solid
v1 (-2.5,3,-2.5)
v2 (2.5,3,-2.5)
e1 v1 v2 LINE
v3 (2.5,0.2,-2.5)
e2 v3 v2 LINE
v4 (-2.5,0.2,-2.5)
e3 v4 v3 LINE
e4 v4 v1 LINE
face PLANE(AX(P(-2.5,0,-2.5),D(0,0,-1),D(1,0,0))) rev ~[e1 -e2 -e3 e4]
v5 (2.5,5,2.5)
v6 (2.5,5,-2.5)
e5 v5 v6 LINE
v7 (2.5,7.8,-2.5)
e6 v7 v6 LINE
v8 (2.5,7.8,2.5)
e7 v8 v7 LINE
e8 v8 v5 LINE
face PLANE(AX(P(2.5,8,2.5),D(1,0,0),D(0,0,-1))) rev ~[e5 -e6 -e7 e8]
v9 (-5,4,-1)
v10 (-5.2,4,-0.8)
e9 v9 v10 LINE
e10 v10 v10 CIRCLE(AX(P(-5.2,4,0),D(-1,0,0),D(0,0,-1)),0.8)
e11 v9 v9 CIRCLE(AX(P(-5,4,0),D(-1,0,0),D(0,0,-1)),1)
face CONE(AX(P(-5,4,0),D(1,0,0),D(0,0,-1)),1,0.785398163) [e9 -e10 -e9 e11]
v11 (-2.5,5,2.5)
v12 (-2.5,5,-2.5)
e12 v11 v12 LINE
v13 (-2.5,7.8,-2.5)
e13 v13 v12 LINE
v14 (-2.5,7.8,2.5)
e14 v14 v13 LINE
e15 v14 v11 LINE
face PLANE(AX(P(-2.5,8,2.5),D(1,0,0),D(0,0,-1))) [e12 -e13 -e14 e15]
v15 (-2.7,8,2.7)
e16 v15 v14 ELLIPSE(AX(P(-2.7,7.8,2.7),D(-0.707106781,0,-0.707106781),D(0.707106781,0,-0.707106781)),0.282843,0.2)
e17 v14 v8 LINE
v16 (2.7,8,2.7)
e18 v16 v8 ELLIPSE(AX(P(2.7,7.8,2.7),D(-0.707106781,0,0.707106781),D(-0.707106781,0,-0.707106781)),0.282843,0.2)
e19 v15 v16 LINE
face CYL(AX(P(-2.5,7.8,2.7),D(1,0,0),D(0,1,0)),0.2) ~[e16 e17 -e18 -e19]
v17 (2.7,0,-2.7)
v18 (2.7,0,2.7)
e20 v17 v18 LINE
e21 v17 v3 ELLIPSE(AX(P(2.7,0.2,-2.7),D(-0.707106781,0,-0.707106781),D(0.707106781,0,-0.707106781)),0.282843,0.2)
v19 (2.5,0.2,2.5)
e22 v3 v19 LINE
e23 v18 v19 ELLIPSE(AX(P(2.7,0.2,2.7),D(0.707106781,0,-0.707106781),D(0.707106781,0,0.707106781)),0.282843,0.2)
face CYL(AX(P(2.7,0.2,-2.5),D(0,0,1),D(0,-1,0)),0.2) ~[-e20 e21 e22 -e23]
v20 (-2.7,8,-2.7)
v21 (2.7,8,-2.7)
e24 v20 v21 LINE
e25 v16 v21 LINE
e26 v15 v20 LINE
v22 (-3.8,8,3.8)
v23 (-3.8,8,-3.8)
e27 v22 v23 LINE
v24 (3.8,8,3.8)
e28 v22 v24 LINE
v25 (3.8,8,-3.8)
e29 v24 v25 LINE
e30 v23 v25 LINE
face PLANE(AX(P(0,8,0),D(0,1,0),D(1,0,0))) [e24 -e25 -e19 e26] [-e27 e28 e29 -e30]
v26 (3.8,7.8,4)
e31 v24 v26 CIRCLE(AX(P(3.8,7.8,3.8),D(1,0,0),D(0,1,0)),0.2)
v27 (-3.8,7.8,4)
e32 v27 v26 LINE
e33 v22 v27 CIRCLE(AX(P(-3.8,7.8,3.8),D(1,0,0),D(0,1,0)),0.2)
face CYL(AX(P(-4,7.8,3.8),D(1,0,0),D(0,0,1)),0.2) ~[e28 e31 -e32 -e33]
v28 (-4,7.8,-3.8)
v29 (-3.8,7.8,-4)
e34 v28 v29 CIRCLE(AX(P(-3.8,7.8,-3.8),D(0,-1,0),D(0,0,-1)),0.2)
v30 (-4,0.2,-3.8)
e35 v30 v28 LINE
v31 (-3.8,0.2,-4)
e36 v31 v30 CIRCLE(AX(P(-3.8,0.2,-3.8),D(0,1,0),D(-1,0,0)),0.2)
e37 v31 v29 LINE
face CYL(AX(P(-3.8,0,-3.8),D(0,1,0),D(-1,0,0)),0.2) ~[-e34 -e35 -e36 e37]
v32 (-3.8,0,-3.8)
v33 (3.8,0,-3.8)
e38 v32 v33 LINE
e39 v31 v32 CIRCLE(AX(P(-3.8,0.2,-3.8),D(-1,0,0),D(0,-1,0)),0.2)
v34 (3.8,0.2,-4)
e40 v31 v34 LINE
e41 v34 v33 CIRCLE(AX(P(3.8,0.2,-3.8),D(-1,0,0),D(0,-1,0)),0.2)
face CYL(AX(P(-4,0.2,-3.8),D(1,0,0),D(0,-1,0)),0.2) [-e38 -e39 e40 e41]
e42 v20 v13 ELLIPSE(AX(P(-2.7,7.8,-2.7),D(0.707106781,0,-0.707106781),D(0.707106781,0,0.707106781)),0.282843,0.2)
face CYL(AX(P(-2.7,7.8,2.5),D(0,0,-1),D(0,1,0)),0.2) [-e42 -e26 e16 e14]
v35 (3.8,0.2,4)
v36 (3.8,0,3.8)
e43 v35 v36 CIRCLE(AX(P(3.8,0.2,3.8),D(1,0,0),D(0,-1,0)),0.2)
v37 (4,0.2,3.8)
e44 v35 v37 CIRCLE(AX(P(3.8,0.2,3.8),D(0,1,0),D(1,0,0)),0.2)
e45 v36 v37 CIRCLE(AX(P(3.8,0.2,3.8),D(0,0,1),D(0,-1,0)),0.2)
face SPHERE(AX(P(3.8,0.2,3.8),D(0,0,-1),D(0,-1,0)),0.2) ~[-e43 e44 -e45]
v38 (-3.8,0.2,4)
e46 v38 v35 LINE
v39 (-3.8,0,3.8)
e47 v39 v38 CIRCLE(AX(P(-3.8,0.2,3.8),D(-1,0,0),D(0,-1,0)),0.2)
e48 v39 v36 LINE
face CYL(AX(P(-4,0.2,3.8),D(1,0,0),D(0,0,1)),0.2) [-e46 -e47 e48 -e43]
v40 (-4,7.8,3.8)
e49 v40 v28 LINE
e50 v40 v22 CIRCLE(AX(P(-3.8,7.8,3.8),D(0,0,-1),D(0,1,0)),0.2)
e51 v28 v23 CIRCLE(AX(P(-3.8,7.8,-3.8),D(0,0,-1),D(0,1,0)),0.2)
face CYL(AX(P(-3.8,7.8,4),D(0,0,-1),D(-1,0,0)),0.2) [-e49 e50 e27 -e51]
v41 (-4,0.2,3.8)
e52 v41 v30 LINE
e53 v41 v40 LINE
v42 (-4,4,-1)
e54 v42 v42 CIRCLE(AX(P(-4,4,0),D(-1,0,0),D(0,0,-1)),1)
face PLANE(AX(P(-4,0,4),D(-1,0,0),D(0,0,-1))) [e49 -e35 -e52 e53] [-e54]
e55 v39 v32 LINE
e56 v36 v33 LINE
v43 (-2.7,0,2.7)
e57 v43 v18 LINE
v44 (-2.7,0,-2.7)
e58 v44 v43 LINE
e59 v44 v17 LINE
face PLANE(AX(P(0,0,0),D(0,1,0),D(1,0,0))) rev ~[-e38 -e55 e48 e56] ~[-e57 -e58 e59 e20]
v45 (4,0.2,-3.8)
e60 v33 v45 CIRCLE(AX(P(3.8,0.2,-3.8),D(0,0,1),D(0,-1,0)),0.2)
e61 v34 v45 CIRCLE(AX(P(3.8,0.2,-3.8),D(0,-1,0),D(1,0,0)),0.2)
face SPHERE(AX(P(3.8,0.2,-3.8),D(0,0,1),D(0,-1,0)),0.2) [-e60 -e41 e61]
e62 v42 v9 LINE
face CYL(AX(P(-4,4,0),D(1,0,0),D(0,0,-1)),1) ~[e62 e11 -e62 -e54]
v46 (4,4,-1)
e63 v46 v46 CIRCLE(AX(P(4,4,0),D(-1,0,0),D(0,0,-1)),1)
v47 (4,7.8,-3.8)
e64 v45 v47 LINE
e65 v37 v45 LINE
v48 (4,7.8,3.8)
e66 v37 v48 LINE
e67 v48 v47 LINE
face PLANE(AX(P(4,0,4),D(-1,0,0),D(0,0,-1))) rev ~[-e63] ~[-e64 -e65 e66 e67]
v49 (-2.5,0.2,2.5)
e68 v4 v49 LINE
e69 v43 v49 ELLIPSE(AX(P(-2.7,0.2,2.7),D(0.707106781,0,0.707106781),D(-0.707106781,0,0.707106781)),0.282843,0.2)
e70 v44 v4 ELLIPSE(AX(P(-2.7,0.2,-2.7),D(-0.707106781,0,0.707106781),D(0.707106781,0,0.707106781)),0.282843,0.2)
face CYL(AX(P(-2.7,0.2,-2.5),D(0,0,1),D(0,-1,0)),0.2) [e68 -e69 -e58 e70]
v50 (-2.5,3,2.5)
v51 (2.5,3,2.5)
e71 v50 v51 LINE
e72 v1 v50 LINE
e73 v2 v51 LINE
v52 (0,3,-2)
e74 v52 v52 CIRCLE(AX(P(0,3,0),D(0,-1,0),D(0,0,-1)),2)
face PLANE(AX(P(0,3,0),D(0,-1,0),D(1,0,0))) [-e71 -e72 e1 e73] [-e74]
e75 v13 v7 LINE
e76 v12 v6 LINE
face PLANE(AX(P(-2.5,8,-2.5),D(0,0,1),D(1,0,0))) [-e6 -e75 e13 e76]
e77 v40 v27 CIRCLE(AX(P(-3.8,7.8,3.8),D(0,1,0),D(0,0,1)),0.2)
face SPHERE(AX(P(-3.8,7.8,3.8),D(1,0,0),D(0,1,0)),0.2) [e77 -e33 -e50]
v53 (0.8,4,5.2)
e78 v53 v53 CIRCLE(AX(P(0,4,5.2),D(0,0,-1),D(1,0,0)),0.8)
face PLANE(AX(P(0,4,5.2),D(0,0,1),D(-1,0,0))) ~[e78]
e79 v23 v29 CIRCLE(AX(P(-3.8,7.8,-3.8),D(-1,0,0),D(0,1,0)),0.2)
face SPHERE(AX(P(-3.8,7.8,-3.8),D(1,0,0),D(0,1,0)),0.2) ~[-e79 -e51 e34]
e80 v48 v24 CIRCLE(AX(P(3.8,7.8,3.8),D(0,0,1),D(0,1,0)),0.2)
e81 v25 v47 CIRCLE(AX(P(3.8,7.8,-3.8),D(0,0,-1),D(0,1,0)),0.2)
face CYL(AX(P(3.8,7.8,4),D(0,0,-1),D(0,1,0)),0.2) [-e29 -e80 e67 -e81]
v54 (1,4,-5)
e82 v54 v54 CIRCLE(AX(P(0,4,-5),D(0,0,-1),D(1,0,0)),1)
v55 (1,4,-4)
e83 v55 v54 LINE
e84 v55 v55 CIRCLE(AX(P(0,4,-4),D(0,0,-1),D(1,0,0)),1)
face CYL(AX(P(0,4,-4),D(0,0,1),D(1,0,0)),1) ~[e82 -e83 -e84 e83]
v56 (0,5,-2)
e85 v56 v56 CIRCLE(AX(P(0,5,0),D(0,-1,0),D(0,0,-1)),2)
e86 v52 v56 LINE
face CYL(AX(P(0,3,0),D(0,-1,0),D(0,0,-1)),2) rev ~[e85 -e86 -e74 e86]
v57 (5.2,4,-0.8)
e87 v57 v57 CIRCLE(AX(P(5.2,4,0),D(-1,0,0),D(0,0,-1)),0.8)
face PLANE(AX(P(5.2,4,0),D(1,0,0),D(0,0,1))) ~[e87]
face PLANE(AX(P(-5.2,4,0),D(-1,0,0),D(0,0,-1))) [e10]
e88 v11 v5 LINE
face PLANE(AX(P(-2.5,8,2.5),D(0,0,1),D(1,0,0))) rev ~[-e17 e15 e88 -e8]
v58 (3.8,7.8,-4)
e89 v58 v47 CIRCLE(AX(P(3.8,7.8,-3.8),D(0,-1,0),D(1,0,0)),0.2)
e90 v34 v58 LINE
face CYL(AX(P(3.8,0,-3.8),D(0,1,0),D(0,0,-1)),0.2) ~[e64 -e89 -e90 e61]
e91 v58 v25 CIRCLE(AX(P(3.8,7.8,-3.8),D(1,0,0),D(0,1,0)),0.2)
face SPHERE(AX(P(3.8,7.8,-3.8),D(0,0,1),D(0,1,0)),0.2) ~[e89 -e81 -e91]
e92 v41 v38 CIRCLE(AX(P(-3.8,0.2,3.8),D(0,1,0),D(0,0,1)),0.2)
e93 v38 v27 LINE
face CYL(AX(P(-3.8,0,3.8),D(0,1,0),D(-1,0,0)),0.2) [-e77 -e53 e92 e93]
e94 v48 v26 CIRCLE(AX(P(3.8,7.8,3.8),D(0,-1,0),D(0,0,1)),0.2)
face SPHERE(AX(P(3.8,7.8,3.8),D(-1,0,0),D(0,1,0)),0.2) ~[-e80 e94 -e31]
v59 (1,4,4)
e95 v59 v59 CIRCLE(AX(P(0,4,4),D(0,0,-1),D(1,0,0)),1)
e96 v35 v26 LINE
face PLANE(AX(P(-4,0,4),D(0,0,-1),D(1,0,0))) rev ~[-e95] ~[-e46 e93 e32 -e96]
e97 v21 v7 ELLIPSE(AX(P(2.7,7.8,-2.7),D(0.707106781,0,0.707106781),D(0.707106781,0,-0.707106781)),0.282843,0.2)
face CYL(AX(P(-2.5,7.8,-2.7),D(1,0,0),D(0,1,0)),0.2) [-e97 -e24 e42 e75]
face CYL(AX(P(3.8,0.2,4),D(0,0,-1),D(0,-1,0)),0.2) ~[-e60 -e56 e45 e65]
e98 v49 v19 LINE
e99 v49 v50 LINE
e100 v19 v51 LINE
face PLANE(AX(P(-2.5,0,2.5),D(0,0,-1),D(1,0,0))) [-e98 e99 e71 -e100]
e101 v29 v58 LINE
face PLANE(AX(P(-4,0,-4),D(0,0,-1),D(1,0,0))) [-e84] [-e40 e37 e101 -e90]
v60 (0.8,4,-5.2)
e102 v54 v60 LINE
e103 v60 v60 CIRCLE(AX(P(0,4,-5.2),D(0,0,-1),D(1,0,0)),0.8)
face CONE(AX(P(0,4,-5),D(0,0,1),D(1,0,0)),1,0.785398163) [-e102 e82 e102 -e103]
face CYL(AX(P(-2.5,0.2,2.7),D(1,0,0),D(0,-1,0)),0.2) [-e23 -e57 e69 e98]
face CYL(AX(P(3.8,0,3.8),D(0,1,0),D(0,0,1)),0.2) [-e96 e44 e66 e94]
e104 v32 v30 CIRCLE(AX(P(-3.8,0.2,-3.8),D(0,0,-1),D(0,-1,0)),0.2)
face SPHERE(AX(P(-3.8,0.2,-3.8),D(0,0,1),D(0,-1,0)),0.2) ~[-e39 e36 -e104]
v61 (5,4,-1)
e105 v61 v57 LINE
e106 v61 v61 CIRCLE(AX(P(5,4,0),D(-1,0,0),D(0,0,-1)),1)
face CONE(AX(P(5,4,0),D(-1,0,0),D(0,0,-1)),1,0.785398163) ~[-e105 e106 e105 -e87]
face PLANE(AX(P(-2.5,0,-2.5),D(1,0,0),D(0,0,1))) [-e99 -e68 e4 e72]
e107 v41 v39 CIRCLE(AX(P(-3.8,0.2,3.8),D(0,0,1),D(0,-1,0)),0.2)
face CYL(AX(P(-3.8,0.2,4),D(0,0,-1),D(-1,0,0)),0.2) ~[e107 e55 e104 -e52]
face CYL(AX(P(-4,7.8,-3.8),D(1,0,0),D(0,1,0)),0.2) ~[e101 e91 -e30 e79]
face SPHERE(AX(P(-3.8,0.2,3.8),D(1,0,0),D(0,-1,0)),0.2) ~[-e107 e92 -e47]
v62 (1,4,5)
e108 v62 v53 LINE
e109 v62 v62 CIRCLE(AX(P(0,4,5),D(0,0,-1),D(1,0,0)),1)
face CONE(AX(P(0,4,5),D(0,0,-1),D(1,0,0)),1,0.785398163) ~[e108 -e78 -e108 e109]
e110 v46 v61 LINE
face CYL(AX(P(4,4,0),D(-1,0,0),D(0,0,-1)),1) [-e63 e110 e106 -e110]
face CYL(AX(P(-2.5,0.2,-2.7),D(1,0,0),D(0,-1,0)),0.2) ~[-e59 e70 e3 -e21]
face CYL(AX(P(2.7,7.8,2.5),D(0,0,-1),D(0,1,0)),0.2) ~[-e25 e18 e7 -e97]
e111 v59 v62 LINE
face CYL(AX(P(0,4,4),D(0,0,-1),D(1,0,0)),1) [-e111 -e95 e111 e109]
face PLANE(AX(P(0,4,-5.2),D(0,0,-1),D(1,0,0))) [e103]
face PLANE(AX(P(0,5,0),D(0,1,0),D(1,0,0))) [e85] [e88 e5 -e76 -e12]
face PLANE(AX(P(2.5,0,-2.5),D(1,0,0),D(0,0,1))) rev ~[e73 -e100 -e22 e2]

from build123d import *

# Parameters (mm, degrees)
SKETCH_1_W          = 8
SKETCH_1_H          = 8
EXTRUDE_1_DEPTH     = 8
SKETCH_2_W          = 5
SKETCH_2_H          = 5
CUT_EXTRUDE_1_DEPTH = 3
SKETCH_3_W          = 5
SKETCH_3_H          = 5
CUT_EXTRUDE_2_DEPTH = 3
CUT_EXTRUDE_3_REACH = 9.55
SKETCH_4_R          = 2
SKETCH_5_R          = 1
EXTRUDE_2_DEPTH     = 1.2
SKETCH_6_R          = 1
EXTRUDE_3_DEPTH     = 1.2
CHAMFER_1_SIZE      = 0.2
FILLET_1_R          = 0.2


with BuildPart() as part:
    # 草图1 → 凸台-拉伸1 (new body)
    with BuildSketch(Plane(origin=(0, 0, 0), x_dir=(1, 0, 0), z_dir=(0, 1, 0))):
        Rectangle(SKETCH_1_W, SKETCH_1_H)
    extrude(amount=EXTRUDE_1_DEPTH)

    # 草图2 → 切除-拉伸1 (cut)
    with BuildSketch(Plane(origin=(0, 8, 0), x_dir=(1, 0, 0), z_dir=(0, 1, 0))):
        Rectangle(SKETCH_2_W, SKETCH_2_H)
    extrude(amount=-CUT_EXTRUDE_1_DEPTH, mode=Mode.SUBTRACT)

    # 草图3 → 切除-拉伸2 (cut)
    with BuildSketch(Plane.XZ):
        Rectangle(SKETCH_3_W, SKETCH_3_H)
    extrude(amount=-CUT_EXTRUDE_2_DEPTH, mode=Mode.SUBTRACT)

    # 草图4 → 切除-拉伸3 (cut, up to next)
    with BuildSketch(Plane.XZ.offset(-3), mode=Mode.PRIVATE) as cut_extrude_3_sk1:
        with Locations(Location((0, 0, 0), (0, 0, 270))):
            Circle(SKETCH_4_R)
    cut_extrude_3_tool1 = extrude(cut_extrude_3_sk1.sketch, amount=-CUT_EXTRUDE_3_REACH, mode=Mode.PRIVATE) & part.part
    add(cut_extrude_3_tool1.solids().sort_by_distance((0, 3, 0))[0], mode=Mode.SUBTRACT)

    # 草图5 → 凸台-拉伸2 (add)
    with BuildSketch(Plane.ZY.offset(4)):
        with Locations(Location((0, 4, 0), (0, 0, 180))):
            Circle(SKETCH_5_R)
    extrude_2 = extrude(amount=EXTRUDE_2_DEPTH)

    # 镜向1: 凸台-拉伸2 across plane
    add(extrude_2.mirror(Plane(origin=(0, 0, 0), x_dir=(0, 0, 1), z_dir=(1, 0, 0))))

    # 草图6 → 凸台-拉伸3 (add)
    with BuildSketch(Plane(origin=(0, 0, -4), x_dir=(-1, 0, 0), z_dir=(0, 0, -1))):
        with Locations(Location((0, 4, 0), (0, 0, 180))):
            Circle(SKETCH_6_R)
    extrude_3 = extrude(amount=EXTRUDE_3_DEPTH)

    # 镜向2: 凸台-拉伸3 across plane
    add(extrude_3.mirror(Plane.XY))

    # 倒角1
    chamfer_1_edges = [part.edges().sort_by_distance(p)[0] for p in [
        (-5.2, 4, 1),
        (5.2, 4, 1),
        (-1, 4, -5.2),
        (-1, 4, 5.2),
    ]]
    chamfer(chamfer_1_edges, length=CHAMFER_1_SIZE)

    # 圆角1
    fillet_1_edges = [part.edges().sort_by_distance(p)[0] for p in [
        (0, 8, 4),
        (4, 8, 0),
        (2.5, 8, 0),
        (0, 8, -2.5),
        (-2.5, 8, 0),
        (0, 8, 2.5),
        (-2.5, 0, 0),
        (0, 0, -2.5),
        (2.5, 0, 0),
        (0, 0, 2.5),
        (0, 8, -4),
        (4, 0, 0),
        (0, 0, 4),
        (-4, 0, 0),
        (0, 0, -4),
        (-4, 8, 0),
        (4, 4, -4),
        (4, 4, 4),
        (-4, 4, 4),
        (-4, 4, -4),
    ]]
    fillet(fillet_1_edges, radius=FILLET_1_R)


solid = part.part
